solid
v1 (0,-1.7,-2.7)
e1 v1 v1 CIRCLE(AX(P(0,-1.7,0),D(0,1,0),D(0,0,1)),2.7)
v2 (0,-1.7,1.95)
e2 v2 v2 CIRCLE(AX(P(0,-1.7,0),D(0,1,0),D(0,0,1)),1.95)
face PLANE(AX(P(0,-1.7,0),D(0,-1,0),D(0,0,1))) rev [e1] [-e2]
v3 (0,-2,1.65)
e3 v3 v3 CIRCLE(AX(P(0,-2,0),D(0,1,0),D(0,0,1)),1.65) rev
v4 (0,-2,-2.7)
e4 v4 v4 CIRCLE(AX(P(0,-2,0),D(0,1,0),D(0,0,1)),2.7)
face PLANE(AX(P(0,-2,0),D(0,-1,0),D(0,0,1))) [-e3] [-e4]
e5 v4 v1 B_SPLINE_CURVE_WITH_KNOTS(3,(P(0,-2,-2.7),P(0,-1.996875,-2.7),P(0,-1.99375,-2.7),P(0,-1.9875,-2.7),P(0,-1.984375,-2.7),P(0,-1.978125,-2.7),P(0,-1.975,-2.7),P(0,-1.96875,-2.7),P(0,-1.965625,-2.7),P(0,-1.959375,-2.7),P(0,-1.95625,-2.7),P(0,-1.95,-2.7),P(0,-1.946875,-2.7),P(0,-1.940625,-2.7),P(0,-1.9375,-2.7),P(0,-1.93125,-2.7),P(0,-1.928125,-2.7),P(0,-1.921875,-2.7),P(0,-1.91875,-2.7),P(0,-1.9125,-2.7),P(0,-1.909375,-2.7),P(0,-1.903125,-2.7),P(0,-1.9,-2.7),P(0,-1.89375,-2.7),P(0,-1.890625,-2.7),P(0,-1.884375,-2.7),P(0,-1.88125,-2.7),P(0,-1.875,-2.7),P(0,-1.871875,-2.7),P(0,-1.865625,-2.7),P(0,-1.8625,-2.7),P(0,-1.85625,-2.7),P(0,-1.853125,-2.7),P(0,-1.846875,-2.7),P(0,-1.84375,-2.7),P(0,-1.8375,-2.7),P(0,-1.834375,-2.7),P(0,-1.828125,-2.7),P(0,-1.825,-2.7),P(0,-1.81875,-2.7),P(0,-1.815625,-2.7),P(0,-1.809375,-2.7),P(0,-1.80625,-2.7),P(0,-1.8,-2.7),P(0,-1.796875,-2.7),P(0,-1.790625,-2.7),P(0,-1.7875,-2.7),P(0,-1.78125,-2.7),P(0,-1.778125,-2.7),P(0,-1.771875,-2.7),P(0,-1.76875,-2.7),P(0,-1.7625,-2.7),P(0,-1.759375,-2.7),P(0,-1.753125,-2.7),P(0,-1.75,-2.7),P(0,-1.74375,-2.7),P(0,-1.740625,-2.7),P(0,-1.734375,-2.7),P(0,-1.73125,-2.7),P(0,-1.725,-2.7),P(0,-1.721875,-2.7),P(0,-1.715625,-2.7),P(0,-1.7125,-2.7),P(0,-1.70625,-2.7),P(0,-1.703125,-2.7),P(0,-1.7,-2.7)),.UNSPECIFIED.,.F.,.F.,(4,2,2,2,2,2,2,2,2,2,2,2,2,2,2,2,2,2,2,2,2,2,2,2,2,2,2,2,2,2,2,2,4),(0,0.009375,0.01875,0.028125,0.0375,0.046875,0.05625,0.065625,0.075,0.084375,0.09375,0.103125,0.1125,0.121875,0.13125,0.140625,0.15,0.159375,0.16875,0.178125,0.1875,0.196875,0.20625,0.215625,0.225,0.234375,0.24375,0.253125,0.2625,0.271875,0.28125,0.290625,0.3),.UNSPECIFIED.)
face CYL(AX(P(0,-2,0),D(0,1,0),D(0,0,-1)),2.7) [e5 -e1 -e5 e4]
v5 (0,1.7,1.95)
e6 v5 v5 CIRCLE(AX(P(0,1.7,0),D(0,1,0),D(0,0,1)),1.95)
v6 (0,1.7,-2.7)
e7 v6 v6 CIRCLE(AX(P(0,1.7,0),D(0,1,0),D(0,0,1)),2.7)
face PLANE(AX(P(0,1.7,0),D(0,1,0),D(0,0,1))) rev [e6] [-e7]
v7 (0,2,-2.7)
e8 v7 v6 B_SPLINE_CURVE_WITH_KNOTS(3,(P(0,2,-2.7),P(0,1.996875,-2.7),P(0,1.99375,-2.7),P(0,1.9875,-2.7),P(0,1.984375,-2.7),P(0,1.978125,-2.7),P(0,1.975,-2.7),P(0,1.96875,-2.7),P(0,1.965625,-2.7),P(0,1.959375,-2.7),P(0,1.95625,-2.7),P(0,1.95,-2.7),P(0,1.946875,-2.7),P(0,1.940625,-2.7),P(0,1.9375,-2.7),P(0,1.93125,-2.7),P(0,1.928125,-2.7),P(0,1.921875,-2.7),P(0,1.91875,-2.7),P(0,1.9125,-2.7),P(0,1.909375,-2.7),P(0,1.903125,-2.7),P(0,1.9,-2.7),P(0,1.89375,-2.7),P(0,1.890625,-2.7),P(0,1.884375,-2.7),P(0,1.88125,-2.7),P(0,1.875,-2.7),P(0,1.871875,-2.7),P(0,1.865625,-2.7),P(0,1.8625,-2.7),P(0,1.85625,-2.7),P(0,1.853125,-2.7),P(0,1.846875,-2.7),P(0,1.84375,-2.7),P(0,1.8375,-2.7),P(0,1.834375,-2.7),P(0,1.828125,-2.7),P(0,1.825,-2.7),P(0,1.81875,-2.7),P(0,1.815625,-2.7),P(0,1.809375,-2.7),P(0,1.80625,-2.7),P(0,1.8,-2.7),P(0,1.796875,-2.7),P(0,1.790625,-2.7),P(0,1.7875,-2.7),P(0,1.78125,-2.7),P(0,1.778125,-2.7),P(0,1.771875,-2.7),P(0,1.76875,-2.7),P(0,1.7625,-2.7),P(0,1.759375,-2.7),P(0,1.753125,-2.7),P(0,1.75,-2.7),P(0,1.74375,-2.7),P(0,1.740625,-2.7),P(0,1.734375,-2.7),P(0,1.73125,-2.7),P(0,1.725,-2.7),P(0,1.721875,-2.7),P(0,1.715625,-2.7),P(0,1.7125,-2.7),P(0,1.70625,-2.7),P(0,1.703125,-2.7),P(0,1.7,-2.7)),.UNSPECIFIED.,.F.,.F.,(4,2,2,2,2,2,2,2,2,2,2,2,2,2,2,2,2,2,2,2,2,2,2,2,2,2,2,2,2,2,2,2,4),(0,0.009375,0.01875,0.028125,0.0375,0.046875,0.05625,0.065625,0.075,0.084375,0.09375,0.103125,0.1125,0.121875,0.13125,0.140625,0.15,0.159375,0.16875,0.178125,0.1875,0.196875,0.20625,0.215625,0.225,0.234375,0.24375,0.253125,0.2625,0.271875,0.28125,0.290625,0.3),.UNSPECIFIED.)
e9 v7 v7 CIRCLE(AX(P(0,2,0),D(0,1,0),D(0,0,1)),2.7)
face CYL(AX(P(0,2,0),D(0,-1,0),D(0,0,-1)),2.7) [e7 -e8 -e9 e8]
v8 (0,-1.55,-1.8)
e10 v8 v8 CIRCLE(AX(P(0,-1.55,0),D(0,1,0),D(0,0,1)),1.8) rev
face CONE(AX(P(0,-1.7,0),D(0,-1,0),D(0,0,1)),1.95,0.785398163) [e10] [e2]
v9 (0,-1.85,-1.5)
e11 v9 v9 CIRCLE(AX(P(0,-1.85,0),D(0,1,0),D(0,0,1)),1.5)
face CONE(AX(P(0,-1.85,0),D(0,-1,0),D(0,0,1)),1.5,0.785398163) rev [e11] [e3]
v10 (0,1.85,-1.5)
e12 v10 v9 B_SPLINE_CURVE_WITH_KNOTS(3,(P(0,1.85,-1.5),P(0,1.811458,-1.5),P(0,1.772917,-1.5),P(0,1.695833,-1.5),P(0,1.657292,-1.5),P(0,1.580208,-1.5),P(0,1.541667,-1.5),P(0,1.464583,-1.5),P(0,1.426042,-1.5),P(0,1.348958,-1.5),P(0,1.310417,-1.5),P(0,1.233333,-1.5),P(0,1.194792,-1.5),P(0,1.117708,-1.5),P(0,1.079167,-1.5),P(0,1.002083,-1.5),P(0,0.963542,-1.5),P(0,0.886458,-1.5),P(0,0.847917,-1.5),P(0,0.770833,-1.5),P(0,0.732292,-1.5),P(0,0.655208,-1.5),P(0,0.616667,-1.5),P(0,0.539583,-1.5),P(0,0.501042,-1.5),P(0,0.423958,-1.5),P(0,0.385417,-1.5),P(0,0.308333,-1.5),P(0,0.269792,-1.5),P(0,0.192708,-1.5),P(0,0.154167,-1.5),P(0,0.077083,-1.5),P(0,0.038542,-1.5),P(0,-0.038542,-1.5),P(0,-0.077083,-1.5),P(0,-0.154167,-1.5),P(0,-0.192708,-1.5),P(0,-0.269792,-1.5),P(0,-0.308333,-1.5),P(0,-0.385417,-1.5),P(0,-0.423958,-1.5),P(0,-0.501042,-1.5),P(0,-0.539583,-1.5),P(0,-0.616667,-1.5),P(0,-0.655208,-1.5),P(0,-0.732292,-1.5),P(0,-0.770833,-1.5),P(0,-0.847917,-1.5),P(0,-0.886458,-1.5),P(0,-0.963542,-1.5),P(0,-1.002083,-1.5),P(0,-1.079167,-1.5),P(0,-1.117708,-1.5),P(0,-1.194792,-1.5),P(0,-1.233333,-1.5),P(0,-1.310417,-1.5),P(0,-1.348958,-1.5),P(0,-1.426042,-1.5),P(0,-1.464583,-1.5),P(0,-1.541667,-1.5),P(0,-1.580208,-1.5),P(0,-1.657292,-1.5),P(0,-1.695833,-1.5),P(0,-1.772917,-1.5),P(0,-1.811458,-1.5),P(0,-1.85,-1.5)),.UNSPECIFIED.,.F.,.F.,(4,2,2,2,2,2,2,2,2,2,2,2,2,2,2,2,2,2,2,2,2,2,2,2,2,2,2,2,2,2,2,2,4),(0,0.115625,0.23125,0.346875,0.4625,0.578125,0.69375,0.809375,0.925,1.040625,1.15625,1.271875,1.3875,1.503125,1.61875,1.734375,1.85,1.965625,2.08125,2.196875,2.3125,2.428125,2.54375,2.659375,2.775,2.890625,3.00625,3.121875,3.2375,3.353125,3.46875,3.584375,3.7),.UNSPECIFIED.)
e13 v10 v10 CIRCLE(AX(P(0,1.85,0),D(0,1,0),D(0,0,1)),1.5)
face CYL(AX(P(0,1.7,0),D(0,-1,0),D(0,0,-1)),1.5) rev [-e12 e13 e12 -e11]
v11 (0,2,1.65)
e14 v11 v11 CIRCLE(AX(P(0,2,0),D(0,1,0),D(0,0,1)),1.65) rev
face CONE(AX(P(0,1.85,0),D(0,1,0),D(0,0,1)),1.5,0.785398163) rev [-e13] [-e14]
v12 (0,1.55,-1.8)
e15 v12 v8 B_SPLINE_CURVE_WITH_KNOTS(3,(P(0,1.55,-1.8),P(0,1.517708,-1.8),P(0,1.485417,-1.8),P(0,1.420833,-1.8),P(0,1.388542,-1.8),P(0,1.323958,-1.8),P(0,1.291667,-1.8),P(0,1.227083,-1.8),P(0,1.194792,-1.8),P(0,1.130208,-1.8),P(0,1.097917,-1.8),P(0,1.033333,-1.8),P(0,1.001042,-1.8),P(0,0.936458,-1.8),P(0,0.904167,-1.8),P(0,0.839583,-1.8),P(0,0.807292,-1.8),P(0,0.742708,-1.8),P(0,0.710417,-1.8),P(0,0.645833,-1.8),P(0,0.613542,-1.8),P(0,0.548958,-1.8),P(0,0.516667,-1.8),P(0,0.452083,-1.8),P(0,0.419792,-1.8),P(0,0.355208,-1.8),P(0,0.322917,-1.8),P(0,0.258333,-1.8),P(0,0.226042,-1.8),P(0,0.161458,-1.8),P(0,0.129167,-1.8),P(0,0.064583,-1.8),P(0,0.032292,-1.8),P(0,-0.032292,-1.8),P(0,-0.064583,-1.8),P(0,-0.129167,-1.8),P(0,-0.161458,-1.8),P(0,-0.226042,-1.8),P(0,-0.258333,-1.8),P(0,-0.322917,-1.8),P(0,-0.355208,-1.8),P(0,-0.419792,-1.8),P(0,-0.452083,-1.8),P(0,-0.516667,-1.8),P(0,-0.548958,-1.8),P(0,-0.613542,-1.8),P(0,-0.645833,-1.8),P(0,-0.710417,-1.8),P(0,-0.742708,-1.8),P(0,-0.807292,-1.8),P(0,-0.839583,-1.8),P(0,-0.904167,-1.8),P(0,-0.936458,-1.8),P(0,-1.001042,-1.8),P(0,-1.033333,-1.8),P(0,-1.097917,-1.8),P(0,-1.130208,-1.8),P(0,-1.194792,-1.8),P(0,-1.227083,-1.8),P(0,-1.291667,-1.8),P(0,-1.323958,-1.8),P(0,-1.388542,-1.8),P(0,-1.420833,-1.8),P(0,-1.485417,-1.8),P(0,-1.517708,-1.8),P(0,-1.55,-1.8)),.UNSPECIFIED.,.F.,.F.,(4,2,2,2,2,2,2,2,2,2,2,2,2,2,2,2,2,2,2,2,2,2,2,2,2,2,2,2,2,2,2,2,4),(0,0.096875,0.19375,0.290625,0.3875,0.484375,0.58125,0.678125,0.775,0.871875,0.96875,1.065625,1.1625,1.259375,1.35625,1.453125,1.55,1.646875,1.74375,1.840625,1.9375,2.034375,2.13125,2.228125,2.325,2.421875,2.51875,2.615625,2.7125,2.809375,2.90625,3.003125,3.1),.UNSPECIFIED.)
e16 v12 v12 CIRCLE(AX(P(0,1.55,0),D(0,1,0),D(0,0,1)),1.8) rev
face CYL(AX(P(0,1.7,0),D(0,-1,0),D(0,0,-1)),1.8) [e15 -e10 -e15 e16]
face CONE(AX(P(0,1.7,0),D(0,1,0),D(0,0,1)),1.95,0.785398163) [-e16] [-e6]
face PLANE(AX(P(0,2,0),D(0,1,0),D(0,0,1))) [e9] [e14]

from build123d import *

# Parameters (mm, degrees)
SKETCH1_R           = 1.8
SKETCH1_R_2         = 1.5
BOSS_EXTRUDE1_DEPTH = 1.7
SKETCH2_R           = 2.7
SKETCH2_R_2         = 1.5
BOSS_EXTRUDE2_DEPTH = 0.3
CHAMFER1_SIZE       = 0.15
CHAMFER2_SIZE       = 0.15


with BuildPart() as part:
    # Sketch1 → Boss-Extrude1 (new body)
    with BuildSketch(Plane(origin=(0, 0, 0), x_dir=(1, 0, 0), z_dir=(0, 1, 0))):
        with Locations(Location((0, 0, 0), (0, 0, 270))):
            Circle(SKETCH1_R)
        with Locations(Location((0, 0, 0), (0, 0, 270))):
            Circle(SKETCH1_R_2, mode=Mode.SUBTRACT)
    extrude(amount=BOSS_EXTRUDE1_DEPTH)

    # Sketch2 → Boss-Extrude2 (add)
    with BuildSketch(Plane(origin=(0, 1.7, 0), x_dir=(1, 0, 0), z_dir=(0, 1, 0))):
        with Locations(Location((0, 0, 0), (0, 0, 270))):
            Circle(SKETCH2_R)
        with Locations(Location((0, 0, 0), (0, 0, 270))):
            Circle(SKETCH2_R_2, mode=Mode.SUBTRACT)
    extrude(amount=BOSS_EXTRUDE2_DEPTH)

    # Chamfer1
    chamfer1_edges = [part.edges().sort_by_distance(p)[0] for p in [
        (0, 1.7, -1.8),
    ]]
    chamfer(chamfer1_edges, length=CHAMFER1_SIZE)

    # Chamfer2
    chamfer2_edges = [part.edges().sort_by_distance(p)[0] for p in [
        (0, 2, -1.5),
    ]]
    chamfer(chamfer2_edges, length=CHAMFER2_SIZE)

    # Mirror1: part across plane


with BuildPart() as part_1:
    add(part.part)
    add(part.part.mirror(Plane.ZX))


solid = part_1.part
